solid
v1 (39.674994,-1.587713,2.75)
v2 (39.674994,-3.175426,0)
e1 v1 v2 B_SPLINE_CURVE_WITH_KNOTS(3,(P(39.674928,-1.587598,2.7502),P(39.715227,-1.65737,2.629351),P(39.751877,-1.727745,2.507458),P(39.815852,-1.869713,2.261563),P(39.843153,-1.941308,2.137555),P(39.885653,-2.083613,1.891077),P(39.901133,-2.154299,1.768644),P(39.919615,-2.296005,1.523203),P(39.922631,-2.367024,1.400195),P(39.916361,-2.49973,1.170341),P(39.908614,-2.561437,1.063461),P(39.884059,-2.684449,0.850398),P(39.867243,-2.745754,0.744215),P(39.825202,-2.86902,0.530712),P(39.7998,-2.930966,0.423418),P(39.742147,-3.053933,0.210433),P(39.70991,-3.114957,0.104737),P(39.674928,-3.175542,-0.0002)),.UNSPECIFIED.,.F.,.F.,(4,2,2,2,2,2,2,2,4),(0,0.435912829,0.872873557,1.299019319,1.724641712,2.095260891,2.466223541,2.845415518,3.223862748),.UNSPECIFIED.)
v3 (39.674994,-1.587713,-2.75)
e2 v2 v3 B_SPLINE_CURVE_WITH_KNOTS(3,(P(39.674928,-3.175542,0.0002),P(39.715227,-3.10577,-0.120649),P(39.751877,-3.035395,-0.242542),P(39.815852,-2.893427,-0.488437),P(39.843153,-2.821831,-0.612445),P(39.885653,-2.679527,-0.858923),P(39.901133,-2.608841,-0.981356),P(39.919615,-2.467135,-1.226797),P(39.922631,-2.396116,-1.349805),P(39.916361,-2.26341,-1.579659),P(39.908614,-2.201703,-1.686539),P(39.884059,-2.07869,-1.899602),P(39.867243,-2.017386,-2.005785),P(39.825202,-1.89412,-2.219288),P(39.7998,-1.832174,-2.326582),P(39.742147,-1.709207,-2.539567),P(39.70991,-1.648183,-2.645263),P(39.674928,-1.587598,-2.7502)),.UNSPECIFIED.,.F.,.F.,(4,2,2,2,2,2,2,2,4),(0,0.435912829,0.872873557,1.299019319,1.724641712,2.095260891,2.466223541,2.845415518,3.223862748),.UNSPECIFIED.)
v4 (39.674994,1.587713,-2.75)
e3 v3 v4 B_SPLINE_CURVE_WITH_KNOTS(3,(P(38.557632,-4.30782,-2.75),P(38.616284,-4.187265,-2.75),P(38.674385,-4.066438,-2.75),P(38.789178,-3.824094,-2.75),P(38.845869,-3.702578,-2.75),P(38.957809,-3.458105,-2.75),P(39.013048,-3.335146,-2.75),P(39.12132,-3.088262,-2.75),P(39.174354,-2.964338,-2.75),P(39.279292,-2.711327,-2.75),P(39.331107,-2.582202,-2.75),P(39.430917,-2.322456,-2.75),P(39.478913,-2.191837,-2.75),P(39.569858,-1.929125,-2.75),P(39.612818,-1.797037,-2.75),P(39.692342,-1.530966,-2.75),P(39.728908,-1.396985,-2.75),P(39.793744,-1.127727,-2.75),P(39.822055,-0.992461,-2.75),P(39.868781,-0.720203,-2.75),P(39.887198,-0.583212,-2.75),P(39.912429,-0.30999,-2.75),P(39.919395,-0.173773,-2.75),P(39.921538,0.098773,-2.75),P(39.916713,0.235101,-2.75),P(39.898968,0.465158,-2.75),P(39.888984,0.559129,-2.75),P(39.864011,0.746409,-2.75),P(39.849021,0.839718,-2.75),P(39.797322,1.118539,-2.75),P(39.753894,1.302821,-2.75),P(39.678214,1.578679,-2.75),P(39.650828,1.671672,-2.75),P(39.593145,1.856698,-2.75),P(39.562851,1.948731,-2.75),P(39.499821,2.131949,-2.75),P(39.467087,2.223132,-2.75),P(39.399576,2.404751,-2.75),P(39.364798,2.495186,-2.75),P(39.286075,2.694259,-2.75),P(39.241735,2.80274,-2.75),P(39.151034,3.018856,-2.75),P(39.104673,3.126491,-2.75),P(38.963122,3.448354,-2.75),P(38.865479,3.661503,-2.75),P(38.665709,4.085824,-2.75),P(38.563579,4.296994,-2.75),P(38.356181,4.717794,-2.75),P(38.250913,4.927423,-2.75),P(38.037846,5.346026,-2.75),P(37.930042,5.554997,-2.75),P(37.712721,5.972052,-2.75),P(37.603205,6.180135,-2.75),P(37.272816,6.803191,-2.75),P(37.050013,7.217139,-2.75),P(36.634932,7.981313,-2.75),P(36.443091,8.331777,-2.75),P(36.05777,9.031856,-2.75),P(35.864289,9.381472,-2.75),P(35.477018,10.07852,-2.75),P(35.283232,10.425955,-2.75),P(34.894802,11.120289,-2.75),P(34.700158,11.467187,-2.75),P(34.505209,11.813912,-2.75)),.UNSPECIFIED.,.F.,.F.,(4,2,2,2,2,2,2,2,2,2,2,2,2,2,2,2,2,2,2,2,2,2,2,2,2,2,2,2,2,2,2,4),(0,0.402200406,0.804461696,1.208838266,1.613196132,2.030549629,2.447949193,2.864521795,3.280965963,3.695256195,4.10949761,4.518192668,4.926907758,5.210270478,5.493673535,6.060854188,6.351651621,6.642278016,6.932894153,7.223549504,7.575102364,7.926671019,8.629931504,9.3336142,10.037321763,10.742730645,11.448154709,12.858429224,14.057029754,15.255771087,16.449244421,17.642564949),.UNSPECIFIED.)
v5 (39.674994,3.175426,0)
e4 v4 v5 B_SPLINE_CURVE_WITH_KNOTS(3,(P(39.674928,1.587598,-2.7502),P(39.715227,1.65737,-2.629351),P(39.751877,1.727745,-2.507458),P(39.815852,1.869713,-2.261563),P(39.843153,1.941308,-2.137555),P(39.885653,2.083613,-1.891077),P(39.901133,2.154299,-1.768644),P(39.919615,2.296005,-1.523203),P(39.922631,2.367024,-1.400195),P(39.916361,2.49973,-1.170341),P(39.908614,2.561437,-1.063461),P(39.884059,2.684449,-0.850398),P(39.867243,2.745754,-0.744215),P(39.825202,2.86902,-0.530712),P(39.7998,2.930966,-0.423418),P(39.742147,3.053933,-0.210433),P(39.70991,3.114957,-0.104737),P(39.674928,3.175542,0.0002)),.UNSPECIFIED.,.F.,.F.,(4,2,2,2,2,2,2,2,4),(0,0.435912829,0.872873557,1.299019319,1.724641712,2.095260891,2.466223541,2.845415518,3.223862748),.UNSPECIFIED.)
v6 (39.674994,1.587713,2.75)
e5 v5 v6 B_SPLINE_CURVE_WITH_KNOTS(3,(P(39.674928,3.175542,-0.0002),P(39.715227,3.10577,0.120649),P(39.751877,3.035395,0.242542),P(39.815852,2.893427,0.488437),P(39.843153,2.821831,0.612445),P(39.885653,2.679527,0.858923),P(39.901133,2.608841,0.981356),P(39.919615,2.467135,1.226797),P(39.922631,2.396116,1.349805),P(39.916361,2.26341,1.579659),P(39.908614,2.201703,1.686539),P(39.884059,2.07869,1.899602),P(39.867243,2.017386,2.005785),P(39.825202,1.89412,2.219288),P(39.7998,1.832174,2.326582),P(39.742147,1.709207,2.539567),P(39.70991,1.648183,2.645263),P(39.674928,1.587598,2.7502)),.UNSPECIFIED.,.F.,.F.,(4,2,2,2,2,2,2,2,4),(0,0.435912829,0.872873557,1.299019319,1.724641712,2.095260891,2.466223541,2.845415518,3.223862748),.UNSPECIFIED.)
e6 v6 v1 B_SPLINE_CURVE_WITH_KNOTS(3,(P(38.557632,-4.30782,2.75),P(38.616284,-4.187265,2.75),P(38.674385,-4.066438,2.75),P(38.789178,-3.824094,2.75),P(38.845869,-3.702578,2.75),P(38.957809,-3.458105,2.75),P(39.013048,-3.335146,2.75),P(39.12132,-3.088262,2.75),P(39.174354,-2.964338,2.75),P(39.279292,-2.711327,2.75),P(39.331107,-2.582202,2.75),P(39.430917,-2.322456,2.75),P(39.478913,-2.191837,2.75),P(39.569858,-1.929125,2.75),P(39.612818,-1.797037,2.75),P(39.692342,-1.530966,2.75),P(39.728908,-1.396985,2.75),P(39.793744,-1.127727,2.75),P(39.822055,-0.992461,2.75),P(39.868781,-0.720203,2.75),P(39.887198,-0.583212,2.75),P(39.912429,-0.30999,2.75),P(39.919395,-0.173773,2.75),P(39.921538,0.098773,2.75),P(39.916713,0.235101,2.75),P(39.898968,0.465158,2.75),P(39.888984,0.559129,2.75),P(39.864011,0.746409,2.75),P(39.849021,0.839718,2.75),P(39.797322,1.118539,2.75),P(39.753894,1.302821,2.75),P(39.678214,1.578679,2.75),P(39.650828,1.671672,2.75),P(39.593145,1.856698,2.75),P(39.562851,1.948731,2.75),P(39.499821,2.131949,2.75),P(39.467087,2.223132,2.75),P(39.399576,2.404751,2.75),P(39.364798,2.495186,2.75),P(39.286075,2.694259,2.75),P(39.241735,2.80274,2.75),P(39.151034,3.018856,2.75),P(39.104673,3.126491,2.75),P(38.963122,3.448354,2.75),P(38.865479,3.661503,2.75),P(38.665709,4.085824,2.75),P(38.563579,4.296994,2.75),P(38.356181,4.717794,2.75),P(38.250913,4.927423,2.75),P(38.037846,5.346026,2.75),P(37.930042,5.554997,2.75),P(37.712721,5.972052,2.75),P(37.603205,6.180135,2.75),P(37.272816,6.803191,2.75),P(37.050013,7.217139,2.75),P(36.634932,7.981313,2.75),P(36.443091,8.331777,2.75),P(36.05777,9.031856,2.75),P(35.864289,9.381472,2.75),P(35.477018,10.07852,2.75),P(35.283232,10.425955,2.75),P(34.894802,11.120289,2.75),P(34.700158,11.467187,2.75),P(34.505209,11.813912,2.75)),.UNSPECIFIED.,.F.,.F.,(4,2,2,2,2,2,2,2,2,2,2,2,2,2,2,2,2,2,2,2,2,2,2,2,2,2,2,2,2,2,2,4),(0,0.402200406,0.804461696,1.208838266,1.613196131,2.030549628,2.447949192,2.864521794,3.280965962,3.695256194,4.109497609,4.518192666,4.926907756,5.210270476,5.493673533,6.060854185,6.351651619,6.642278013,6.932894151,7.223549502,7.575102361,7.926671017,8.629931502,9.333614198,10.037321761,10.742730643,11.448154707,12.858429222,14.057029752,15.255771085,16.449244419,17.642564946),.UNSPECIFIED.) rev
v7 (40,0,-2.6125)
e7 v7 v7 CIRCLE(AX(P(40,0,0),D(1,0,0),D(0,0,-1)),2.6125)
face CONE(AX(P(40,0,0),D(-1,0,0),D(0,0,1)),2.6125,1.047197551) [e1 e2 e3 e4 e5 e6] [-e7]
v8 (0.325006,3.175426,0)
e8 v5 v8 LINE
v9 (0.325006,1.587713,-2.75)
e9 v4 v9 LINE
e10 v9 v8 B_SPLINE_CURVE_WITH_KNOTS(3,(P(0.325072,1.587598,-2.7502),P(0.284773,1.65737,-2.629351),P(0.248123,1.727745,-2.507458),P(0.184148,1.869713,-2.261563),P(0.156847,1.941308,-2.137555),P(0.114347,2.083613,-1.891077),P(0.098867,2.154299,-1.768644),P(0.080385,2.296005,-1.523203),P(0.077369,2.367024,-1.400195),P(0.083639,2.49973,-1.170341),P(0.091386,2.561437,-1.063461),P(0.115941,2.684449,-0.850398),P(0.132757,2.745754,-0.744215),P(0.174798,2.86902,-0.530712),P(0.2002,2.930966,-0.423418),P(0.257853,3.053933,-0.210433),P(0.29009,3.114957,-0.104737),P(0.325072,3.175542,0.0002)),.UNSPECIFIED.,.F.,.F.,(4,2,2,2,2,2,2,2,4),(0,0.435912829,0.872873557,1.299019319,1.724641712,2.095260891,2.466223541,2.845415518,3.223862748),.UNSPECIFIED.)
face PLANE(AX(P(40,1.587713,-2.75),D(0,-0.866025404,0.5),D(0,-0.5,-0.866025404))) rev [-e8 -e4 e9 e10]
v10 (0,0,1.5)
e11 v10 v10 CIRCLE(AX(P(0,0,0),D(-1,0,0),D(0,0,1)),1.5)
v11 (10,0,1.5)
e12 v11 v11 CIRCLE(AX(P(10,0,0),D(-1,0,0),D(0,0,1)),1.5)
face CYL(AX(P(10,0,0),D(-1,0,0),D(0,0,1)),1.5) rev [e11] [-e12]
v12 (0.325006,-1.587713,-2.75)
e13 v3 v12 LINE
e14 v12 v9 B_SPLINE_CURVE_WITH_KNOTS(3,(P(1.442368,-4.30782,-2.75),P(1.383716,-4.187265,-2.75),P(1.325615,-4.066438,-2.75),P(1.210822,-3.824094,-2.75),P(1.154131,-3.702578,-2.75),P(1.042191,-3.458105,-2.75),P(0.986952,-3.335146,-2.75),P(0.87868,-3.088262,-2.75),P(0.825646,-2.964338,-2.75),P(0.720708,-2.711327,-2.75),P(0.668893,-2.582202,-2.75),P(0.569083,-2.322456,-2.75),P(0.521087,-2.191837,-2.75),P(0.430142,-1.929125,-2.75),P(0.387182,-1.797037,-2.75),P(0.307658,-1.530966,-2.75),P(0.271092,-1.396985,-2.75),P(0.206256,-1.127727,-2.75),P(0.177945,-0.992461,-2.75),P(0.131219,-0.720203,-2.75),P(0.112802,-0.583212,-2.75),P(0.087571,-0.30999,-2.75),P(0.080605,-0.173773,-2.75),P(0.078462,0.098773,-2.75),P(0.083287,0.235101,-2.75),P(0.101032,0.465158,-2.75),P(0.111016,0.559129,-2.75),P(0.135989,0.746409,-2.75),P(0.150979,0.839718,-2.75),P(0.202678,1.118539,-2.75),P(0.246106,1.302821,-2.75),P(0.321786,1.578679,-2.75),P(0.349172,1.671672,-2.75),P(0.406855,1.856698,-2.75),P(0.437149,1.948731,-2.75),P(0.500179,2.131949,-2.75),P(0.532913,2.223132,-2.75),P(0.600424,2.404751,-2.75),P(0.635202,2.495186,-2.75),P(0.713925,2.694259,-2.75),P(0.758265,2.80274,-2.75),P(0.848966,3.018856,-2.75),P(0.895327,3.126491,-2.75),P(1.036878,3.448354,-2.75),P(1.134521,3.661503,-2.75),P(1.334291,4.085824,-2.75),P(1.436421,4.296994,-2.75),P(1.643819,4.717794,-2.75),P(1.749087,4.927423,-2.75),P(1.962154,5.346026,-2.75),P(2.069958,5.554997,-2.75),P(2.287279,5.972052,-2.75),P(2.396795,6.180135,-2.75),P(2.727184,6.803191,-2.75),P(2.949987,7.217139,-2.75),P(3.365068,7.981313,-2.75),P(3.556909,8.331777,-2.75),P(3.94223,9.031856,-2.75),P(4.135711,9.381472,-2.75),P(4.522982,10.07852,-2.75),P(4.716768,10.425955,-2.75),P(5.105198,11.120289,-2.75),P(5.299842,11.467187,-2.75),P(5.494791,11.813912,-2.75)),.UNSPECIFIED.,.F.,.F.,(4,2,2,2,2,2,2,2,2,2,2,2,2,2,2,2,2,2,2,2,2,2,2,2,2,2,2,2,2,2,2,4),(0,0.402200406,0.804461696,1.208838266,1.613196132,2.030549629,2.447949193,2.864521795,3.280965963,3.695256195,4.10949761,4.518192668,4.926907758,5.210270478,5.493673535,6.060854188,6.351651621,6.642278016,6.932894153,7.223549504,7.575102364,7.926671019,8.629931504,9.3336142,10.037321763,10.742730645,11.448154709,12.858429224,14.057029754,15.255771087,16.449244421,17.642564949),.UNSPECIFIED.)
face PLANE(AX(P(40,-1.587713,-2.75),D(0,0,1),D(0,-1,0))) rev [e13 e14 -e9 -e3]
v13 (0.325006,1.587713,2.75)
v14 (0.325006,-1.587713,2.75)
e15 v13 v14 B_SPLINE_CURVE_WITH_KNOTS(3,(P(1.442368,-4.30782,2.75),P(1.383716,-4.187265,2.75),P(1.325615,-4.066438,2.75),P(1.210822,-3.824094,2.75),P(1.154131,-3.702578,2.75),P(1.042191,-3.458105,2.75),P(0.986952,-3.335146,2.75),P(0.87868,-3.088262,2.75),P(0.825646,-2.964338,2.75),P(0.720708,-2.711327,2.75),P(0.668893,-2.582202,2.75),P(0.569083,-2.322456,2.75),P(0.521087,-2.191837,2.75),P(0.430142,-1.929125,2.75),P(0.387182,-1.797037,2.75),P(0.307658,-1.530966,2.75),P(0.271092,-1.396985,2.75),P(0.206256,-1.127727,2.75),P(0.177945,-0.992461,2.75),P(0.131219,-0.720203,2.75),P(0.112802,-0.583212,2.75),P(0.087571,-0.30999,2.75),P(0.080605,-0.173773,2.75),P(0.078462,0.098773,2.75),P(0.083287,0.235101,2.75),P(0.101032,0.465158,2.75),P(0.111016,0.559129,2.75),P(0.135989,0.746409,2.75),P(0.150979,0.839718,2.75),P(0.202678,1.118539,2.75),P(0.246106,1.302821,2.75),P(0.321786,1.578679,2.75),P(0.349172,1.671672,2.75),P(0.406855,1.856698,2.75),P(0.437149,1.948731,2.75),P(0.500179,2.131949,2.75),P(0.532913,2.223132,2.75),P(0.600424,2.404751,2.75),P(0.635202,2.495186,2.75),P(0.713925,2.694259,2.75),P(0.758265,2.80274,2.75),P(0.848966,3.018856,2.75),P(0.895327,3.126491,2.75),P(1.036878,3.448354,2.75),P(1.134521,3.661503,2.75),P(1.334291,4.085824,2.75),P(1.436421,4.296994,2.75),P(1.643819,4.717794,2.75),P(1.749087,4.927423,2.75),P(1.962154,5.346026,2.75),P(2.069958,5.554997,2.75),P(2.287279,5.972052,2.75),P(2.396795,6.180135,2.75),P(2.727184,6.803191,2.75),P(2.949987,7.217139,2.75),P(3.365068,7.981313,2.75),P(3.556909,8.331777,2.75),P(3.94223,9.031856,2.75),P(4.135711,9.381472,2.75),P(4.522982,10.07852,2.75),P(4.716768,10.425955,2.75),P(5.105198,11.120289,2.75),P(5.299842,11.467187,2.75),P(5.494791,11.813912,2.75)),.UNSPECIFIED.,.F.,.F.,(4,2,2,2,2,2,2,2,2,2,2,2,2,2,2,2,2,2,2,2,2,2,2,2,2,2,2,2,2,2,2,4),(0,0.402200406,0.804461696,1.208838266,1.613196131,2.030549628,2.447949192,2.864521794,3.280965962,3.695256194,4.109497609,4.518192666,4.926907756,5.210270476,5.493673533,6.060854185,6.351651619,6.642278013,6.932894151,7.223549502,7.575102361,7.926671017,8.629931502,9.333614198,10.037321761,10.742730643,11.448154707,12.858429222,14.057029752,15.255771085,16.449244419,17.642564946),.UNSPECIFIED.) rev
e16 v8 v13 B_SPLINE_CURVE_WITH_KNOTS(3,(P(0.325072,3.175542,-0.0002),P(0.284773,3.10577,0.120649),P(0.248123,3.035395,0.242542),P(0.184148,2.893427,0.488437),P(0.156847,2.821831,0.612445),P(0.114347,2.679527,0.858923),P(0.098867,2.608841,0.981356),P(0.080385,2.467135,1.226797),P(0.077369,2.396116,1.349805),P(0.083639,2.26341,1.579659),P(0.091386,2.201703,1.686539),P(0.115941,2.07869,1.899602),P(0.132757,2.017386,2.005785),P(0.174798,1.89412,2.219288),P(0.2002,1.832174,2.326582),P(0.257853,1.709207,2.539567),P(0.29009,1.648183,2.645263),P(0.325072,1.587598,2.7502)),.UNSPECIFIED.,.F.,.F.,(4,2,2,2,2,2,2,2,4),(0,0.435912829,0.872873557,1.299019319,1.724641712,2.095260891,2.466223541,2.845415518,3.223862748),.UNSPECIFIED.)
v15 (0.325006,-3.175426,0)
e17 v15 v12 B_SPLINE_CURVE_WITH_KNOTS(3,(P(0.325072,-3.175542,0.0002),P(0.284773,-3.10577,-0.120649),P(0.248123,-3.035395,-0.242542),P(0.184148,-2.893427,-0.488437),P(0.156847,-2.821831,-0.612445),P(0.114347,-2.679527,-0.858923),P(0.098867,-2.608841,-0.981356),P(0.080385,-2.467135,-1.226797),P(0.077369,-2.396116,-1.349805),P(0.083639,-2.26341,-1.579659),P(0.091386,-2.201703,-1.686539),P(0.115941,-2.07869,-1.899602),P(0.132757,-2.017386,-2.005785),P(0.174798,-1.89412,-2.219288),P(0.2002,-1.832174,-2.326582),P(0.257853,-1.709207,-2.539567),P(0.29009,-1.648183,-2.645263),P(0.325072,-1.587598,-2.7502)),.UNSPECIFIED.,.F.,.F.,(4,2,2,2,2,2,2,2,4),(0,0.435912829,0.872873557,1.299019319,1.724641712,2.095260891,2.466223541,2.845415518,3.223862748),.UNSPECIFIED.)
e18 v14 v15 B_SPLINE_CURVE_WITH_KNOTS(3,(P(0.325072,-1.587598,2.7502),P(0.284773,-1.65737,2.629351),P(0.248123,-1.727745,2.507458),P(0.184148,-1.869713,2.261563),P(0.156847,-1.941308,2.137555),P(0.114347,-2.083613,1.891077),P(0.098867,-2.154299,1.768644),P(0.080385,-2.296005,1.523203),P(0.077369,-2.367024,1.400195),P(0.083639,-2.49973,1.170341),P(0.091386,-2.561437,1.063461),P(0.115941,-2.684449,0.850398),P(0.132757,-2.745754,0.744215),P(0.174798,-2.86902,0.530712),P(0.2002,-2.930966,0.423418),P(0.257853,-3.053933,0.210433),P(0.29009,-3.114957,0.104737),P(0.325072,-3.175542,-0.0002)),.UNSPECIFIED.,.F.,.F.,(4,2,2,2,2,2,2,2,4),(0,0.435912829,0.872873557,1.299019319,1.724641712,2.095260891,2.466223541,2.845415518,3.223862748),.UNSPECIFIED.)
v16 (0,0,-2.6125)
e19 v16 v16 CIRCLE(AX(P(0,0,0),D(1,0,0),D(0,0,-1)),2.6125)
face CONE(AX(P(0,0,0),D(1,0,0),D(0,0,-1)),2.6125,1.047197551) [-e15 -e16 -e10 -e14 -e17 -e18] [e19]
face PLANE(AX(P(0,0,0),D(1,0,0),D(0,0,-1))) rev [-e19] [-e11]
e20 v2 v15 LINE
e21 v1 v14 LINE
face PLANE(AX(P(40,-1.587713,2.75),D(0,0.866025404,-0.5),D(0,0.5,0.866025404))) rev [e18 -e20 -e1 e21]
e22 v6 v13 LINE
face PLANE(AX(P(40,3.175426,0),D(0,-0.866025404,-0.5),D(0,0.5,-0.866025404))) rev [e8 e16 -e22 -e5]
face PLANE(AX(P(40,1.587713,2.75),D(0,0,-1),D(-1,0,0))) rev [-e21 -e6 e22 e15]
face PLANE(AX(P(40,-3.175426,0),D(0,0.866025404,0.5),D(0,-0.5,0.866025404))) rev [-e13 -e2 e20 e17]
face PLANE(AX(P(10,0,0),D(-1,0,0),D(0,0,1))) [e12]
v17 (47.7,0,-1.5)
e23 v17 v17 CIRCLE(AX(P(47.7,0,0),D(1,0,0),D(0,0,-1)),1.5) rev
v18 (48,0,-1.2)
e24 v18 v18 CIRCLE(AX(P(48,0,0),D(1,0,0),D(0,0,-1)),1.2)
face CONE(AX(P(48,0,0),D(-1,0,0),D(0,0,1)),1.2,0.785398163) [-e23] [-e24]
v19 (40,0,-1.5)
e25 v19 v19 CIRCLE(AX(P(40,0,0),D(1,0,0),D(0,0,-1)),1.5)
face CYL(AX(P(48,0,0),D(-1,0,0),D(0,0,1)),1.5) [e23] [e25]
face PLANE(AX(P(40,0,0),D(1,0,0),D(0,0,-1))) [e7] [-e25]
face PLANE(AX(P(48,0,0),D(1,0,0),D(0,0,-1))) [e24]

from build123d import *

# Parameters (mm, degrees)
BOSS_EXTRUDE1_DEPTH = 40
SKETCH2_R           = 1.5
BOSS_EXTRUDE2_DEPTH = 8
SKETCH3_R           = 1.5
CUT_EXTRUDE1_DEPTH  = 10
CHAMFER1_SIZE       = 0.3


with BuildPart() as part:
    # Sketch1 → Boss-Extrude1 (new body)
    with BuildSketch(Plane(origin=(0, 0, 0), x_dir=(0, 0, -1), z_dir=(1, 0, 0))):
        Polygon((0, 3.175426481), (-2.75, 1.58771324), (-2.75, -1.58771324), (0, -3.175426481), (2.75, -1.58771324), (2.75, 1.58771324), align=None)
    extrude(amount=BOSS_EXTRUDE1_DEPTH)

    # Sketch2 → Boss-Extrude2 (add)
    with BuildSketch(Plane(origin=(40, 0, 0), x_dir=(0, 0, -1), z_dir=(1, 0, 0))):
        Circle(SKETCH2_R)
    extrude(amount=BOSS_EXTRUDE2_DEPTH)

    # Sketch3 → Cut-Extrude1 (cut)
    with BuildSketch(Plane.ZY):
        Circle(SKETCH3_R)
    extrude(amount=-CUT_EXTRUDE1_DEPTH, mode=Mode.SUBTRACT)

    # Sketch4 → Cut-Revolve1 (revolve, cut)
    with BuildSketch(Plane(origin=(0, 0, 0), x_dir=(1, 0, 0), z_dir=(0, 1, 0))):
        Polygon((0, 10.219809024), (4.392081913, 10.219809024), (0, 2.6125), align=None)
        Polygon((40, 2.6125), (40, 10.219809024), (35.607918087, 10.219809024), align=None)
    revolve(axis=Axis((0, 0, 0), (-1, 0, 0)), mode=Mode.SUBTRACT)

    # Chamfer1
    chamfer1_edges = [part.edges().sort_by_distance(p)[0] for p in [
        (48, 0, 1.5),
    ]]
    chamfer(chamfer1_edges, length=CHAMFER1_SIZE)


solid = part.part
